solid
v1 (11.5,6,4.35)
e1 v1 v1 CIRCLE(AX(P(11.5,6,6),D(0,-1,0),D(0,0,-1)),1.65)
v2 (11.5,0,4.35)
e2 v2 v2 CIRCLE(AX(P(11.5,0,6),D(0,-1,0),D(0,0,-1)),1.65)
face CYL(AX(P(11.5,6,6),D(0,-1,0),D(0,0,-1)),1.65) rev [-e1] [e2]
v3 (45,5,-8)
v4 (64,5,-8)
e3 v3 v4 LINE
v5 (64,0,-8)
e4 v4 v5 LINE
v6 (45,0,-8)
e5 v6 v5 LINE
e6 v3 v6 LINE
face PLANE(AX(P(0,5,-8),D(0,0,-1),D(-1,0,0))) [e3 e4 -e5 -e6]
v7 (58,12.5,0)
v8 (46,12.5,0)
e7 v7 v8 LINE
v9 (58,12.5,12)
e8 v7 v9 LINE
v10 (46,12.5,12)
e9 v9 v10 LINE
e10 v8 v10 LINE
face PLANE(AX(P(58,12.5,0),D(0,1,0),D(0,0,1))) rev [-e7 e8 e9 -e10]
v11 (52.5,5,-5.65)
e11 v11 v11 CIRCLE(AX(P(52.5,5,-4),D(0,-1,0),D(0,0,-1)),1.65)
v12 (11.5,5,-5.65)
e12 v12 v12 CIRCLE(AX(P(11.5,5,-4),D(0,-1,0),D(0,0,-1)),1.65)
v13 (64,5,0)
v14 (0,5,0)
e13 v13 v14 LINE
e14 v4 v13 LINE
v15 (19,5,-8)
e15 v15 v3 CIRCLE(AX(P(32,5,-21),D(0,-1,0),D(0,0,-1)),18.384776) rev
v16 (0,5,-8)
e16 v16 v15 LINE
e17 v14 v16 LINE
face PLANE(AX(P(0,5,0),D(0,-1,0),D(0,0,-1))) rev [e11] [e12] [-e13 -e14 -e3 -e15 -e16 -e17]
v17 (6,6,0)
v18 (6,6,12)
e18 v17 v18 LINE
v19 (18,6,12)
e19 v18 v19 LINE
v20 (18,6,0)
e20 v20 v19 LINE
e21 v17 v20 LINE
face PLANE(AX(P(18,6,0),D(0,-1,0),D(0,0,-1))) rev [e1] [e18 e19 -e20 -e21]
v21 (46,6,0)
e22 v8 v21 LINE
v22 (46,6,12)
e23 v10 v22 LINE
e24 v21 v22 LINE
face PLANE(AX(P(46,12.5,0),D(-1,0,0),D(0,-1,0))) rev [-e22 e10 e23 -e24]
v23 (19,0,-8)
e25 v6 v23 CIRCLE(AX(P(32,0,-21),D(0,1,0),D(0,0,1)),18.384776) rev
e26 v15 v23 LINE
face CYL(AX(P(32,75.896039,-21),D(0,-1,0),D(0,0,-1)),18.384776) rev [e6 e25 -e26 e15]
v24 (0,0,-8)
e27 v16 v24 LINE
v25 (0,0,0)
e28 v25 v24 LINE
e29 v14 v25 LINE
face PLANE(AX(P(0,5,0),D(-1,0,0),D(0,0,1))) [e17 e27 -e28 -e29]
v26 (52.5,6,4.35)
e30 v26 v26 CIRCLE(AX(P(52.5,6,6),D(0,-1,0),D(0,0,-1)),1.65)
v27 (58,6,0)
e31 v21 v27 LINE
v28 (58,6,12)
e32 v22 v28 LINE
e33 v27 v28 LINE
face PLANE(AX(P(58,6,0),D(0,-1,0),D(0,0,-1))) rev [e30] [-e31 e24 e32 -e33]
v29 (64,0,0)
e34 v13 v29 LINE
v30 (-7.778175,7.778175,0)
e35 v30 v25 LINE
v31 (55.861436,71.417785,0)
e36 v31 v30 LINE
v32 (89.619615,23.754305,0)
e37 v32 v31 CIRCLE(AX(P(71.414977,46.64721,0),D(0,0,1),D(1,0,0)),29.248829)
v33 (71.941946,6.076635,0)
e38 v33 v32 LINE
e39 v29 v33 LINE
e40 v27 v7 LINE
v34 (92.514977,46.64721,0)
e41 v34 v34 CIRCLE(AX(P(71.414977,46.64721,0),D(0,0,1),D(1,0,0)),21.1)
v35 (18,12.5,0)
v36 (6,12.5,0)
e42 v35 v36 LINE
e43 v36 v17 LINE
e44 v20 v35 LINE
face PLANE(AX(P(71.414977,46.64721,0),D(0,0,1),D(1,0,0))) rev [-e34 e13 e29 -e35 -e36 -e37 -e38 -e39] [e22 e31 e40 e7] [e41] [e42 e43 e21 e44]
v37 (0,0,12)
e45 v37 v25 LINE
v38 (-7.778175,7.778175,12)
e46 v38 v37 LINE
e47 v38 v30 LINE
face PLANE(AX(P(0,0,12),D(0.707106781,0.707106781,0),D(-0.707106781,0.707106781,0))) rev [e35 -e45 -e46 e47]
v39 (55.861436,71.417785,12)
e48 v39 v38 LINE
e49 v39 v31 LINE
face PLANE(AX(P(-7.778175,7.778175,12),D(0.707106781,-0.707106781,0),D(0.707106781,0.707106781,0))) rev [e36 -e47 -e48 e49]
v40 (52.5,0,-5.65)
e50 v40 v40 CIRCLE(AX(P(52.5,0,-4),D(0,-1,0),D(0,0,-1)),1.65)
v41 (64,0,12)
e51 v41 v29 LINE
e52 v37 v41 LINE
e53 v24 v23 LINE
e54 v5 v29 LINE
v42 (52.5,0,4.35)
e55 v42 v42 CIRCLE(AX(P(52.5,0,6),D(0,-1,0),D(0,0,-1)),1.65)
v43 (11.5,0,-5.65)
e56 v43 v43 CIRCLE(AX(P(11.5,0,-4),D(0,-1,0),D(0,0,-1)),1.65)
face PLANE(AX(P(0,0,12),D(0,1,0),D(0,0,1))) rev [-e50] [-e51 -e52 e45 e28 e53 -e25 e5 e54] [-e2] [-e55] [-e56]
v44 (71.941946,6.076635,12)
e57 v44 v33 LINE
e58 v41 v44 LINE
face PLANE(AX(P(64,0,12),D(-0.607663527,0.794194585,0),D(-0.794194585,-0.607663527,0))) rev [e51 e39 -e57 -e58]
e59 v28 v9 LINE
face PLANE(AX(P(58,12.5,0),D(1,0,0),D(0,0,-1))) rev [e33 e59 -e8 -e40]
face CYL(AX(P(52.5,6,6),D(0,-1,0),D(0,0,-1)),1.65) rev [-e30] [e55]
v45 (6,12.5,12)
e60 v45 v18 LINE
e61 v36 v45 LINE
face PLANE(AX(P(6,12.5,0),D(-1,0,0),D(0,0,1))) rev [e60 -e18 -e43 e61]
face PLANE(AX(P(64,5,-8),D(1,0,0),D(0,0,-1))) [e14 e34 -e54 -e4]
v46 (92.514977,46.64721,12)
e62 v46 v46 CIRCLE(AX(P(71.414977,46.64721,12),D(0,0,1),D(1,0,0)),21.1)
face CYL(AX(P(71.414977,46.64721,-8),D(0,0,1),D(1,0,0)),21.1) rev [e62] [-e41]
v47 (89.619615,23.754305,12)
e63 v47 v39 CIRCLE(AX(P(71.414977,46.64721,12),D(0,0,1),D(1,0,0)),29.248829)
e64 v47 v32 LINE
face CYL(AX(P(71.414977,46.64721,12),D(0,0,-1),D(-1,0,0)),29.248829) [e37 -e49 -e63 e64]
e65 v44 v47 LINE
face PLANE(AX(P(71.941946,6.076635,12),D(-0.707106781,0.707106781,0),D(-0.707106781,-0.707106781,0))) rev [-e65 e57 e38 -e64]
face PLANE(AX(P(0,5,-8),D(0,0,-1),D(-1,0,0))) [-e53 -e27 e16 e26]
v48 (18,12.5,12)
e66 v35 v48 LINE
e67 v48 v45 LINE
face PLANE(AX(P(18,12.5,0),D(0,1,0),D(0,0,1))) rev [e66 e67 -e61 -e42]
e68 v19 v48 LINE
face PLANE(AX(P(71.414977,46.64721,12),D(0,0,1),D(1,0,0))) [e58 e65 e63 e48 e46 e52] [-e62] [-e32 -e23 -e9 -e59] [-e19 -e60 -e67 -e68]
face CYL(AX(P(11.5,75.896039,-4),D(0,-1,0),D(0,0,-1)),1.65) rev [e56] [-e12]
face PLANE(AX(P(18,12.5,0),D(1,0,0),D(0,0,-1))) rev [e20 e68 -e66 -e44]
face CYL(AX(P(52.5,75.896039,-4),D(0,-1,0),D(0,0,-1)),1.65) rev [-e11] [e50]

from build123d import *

# Parameters (mm, degrees)
BOSS_EXTRUDE2_DEPTH     = 12
SKETCH5_R               = 1.65
CUT_EXTRUDE3_DEPTH      = 6
SKETCH6_W               = 12
SKETCH6_H               = 6.5
CUT_EXTRUDE4_DEPTH      = 13
SKETCH8_W               = 64
SKETCH8_H               = 8
BOSS_EXTRUDE3_DEPTH     = 5
SKETCH11_R              = 1.65
CUT_EXTRUDE7_DEPTH      = 76.896039473
SKETCH13_R              = 21.1
CUT_EXTRUDE8_DEPTH      = 21
CUT_EXTRUDE9_DEPTH      = 71.896039473
CUT_EXTRUDE9_DEPTH_BACK = 10


with BuildPart() as part:
    # Sketch1 → Boss-Extrude2 (new body)
    with BuildSketch(Plane.XY):
        with BuildLine():
            Line((0, 0), (64, 0))
            Line((64, 0), (71.941945847, 6.076635266))
            Line((71.941945847, 6.076635266), (89.619615377, 23.754304796))
            ThreePointArc((89.619615377, 23.754304796), (95.283552654, 63.552389681), (55.861435714, 71.4177849))
            Line((55.861435714, 71.4177849), (-7.778174593, 7.778174593))
            Line((-7.778174593, 7.778174593), (0, 0))
        make_face()
    extrude(amount=BOSS_EXTRUDE2_DEPTH)

    # Sketch5 → Cut-Extrude3 (cut)
    with BuildSketch(Plane.XZ):
        with Locations((11.5, 6)):
            Circle(SKETCH5_R)
        with Locations((52.5, 6)):
            Circle(SKETCH5_R)
    extrude(amount=-CUT_EXTRUDE3_DEPTH, mode=Mode.SUBTRACT)

    # Sketch6 → Cut-Extrude4 (cut, through all)
    with BuildSketch(Plane.XY.offset(12)):
        with Locations((12, 9.25)):
            Rectangle(SKETCH6_W, SKETCH6_H)
        with Locations((52, 9.25)):
            Rectangle(SKETCH6_W, SKETCH6_H)
    extrude(amount=-CUT_EXTRUDE4_DEPTH, mode=Mode.SUBTRACT)

    # Sketch8 → Boss-Extrude3 (add)
    with BuildSketch(Plane.XZ):
        with Locations((32, -4)):
            Rectangle(SKETCH8_W, SKETCH8_H)
    extrude(amount=-BOSS_EXTRUDE3_DEPTH)

    # Sketch11 → Cut-Extrude7 (cut, through all)
    with BuildSketch(Plane.XZ):
        with Locations((11.5, -4)):
            Circle(SKETCH11_R)
        with Locations((52.5, -4)):
            Circle(SKETCH11_R)
    extrude(amount=-CUT_EXTRUDE7_DEPTH, mode=Mode.SUBTRACT)

    # Sketch13 → Cut-Extrude8 (cut, through all)
    with BuildSketch(Plane.XY.offset(12)):
        with Locations((71.414976798, 46.64721049)):
            Circle(SKETCH13_R)
    extrude(amount=-CUT_EXTRUDE8_DEPTH, mode=Mode.SUBTRACT)

    # Sketch15 → Cut-Extrude9 (cut, two sides)
    with BuildSketch(Plane(origin=(0, 5, 0), x_dir=(1, 0, 0), z_dir=(0, 1, 0))) as cut_extrude9_sk:
        with BuildLine():
            Line((45, 8), (19, 8))
            ThreePointArc((19, 8), (32, 2.615223689), (45, 8))
        make_face()
    extrude(amount=CUT_EXTRUDE9_DEPTH, mode=Mode.SUBTRACT)
    extrude(cut_extrude9_sk.sketch, amount=-CUT_EXTRUDE9_DEPTH_BACK, mode=Mode.SUBTRACT)


solid = part.part
